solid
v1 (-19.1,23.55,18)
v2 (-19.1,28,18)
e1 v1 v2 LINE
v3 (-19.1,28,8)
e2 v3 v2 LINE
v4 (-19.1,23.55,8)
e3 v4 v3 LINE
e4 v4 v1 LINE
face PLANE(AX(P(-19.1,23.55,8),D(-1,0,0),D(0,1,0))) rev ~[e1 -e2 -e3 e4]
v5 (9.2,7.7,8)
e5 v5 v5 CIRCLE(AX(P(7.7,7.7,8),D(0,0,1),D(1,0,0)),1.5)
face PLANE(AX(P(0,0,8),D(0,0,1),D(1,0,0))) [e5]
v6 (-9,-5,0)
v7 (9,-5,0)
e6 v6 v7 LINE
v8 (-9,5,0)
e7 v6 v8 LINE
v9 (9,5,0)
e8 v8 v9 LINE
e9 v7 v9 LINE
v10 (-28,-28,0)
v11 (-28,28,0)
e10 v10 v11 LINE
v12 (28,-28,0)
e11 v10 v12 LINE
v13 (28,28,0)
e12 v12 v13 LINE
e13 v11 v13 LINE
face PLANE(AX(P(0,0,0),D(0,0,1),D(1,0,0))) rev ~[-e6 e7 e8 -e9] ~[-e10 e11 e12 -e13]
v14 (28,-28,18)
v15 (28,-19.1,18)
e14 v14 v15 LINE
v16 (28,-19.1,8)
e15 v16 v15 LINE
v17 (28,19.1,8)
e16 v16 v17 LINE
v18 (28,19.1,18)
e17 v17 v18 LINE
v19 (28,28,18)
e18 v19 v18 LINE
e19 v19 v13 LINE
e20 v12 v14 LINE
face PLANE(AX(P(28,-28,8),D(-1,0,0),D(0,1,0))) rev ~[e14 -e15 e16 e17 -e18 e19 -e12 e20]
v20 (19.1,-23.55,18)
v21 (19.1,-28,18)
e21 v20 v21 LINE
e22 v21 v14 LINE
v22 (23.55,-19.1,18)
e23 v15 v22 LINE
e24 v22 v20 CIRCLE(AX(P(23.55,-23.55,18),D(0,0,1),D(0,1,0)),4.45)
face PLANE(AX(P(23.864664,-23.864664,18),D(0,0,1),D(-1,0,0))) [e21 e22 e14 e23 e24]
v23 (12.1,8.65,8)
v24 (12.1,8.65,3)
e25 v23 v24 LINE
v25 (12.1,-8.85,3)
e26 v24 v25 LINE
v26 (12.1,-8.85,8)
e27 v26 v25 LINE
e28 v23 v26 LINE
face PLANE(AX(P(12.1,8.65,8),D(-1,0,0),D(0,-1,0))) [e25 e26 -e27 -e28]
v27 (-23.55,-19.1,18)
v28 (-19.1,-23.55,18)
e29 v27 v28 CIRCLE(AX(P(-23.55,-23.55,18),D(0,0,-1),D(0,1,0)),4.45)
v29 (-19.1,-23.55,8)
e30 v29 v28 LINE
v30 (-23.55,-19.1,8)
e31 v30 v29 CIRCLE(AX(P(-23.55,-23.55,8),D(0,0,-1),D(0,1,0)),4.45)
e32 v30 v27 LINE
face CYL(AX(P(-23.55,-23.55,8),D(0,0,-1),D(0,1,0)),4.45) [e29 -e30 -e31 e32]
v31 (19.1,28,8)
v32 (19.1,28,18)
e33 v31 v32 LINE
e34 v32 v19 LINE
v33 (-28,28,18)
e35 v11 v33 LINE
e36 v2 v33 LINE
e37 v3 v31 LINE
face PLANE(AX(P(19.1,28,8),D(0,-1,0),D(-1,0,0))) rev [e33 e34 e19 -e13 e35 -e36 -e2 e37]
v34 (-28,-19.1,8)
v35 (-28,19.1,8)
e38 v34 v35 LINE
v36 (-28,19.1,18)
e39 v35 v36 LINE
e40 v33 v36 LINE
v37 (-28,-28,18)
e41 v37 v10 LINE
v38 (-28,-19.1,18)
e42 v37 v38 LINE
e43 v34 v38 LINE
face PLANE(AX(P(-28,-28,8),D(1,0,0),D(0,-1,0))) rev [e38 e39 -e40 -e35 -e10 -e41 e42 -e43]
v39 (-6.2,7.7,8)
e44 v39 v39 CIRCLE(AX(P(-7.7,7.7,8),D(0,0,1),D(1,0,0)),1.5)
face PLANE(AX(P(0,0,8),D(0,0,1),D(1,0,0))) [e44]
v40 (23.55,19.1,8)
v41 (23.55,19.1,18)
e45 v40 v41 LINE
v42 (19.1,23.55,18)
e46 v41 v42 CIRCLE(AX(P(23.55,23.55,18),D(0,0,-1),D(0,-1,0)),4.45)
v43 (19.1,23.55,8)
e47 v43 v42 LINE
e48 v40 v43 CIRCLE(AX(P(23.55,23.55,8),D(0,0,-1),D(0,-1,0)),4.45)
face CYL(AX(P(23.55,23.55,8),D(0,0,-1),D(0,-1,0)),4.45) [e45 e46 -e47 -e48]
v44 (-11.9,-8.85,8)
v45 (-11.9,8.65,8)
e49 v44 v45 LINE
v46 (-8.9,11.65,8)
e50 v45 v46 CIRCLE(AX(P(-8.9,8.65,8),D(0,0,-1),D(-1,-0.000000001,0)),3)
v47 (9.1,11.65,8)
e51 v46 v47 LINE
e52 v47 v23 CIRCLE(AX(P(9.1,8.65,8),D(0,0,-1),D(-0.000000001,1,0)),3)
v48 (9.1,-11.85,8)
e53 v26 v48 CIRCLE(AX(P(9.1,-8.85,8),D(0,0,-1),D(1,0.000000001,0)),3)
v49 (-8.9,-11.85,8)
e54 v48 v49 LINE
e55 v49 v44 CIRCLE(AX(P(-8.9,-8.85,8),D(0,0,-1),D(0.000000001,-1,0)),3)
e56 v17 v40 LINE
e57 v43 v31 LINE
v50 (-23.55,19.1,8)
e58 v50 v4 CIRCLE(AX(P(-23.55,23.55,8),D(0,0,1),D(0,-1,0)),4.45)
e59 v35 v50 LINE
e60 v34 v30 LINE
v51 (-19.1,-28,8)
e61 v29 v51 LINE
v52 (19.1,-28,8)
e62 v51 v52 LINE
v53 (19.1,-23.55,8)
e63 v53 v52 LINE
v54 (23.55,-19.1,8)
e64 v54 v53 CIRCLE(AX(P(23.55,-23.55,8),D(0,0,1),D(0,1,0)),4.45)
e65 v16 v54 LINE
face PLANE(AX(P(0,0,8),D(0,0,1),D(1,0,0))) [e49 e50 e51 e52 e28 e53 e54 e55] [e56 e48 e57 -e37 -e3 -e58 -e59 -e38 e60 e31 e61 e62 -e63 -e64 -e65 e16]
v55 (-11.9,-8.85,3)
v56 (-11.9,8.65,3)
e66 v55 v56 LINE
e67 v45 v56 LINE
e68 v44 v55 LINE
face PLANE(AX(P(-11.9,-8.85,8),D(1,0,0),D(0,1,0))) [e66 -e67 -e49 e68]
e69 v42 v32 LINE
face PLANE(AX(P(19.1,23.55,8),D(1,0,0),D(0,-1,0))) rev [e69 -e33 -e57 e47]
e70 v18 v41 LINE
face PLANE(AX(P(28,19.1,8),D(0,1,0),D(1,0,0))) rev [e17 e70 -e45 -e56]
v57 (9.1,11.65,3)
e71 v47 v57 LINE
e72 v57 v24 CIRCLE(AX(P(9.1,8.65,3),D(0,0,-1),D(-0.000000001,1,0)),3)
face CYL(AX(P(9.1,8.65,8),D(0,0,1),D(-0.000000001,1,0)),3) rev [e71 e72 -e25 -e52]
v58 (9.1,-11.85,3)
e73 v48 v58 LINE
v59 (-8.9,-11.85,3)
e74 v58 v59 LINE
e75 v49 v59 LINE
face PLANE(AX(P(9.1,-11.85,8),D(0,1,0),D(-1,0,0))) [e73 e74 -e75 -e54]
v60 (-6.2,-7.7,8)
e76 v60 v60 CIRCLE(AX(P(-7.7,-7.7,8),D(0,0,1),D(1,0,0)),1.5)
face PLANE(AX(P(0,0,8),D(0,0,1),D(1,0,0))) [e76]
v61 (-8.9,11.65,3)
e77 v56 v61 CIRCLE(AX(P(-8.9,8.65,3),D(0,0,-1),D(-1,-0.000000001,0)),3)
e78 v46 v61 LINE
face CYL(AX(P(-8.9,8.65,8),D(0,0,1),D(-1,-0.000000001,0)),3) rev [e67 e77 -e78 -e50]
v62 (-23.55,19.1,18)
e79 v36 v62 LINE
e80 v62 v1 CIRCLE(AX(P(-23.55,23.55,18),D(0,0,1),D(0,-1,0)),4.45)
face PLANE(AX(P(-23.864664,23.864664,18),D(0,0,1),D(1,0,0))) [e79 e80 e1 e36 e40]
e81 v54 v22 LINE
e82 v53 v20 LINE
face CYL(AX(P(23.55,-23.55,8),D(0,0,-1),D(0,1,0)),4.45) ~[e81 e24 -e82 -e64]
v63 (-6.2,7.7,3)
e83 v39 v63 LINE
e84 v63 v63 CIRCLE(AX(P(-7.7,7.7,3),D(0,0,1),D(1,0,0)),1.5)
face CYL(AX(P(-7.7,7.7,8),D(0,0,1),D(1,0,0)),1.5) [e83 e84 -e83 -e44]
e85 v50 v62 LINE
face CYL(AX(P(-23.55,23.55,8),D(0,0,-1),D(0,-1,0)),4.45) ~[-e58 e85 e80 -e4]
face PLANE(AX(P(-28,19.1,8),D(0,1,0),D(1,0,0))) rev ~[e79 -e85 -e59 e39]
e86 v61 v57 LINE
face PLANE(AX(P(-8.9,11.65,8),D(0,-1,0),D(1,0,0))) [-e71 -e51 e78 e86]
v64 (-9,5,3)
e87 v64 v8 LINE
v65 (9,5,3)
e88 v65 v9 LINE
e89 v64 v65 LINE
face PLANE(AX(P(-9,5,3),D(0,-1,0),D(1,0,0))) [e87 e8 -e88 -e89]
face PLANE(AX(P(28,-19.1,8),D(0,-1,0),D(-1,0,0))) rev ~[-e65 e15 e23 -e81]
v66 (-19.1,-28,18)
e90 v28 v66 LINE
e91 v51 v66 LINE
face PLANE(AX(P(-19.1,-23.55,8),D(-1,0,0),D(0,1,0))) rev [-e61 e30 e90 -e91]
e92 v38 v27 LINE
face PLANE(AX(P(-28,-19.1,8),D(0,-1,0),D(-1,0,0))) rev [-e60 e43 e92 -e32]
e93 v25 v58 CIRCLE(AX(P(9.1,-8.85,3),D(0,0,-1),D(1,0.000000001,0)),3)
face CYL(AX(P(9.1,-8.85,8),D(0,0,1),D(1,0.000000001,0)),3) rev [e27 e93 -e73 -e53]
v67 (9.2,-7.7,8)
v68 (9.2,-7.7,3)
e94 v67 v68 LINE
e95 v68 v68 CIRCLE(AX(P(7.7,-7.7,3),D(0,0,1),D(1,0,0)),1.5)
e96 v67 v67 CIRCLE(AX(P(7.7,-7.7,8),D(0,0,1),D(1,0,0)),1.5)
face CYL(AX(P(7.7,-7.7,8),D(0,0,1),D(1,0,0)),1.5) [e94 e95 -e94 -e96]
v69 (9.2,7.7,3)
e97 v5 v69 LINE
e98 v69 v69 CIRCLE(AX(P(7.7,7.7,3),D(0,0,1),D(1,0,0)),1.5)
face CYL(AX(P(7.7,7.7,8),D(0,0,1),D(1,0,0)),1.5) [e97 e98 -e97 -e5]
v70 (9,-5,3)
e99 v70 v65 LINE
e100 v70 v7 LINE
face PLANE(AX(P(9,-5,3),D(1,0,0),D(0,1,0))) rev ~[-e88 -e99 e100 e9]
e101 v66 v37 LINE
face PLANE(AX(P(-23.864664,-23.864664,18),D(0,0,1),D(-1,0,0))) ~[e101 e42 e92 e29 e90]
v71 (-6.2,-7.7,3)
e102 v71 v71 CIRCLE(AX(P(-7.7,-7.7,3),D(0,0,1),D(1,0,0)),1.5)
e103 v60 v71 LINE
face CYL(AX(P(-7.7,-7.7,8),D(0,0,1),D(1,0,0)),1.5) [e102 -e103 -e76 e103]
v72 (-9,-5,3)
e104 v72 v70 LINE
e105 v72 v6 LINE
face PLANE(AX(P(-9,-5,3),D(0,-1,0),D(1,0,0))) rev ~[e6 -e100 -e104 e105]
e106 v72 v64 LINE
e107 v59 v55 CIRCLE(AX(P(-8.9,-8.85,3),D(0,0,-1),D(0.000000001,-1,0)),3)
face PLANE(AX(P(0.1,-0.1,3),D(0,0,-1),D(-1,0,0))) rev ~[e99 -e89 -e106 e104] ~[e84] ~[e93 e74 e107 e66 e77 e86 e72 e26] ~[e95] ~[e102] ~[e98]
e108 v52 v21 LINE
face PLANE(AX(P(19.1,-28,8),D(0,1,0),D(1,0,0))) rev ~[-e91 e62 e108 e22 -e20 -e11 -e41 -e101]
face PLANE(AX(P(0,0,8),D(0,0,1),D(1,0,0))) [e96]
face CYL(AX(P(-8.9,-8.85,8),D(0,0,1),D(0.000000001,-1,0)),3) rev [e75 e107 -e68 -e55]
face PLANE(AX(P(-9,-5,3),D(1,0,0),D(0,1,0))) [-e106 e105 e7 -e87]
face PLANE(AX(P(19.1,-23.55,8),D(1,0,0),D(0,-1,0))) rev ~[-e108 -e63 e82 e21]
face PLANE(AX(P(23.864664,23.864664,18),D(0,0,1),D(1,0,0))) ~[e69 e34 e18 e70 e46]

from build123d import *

# Parameters (mm, degrees)
ESBO_O1_W                = 56
ESBO_O1_H                = 56
RESSALTO_EXTRUS_O1_DEPTH = 8
RESSALTO_EXTRUS_O2_DEPTH = 10
ESPELHAR2_COPY_1_DEPTH   = 10
ESBO_O3_R                = 1.5
CORTE_EXTRUS_O1_DEPTH    = 5
ESBO_O4_W                = 18
ESBO_O4_H                = 10
CORTE_EXTRUS_O2_DEPTH    = 12


with BuildPart() as part:
    # Esboço1 → Ressalto-extrusão1 (new body)
    with BuildSketch(Plane.XY):
        Rectangle(ESBO_O1_W, ESBO_O1_H)
    extrude(amount=RESSALTO_EXTRUS_O1_DEPTH)

    # Esboço2 → Ressalto-extrusão2 (add)
    with BuildSketch(Plane.XY.offset(8)):
        with BuildLine():
            Line((-19.1, 23.55), (-19.1, 28))
            Line((-19.1, 28), (-28, 28))
            Line((-28, 28), (-28, 19.1))
            Line((-28, 19.1), (-23.55, 19.1))
            ThreePointArc((-23.55, 19.1), (-20.403374824, 20.403374824), (-19.1, 23.55))
        make_face()
    ressalto_extrus_o2 = extrude(amount=RESSALTO_EXTRUS_O2_DEPTH)

    # Espelhar1: Ressalto-extrusão2 across plane
    add(ressalto_extrus_o2.mirror(Plane(origin=(0, 0, 0), x_dir=(0, 0, 1), z_dir=(1, 0, 0))))

    # Espelhar2: Ressalto-extrusão2 across plane
    add(ressalto_extrus_o2.mirror(Plane.ZX))

    # Espelhar2 copy 1 sketch → Espelhar2 copy 1 (add)
    with BuildSketch(Plane(origin=(0, 0, 8), x_dir=(-1, 0, 0), z_dir=(0, 0, 1))):
        with BuildLine():
            Line((-19.1, 23.55), (-19.1, 28))
            Line((-19.1, 28), (-28, 28))
            Line((-28, 28), (-28, 19.1))
            Line((-28, 19.1), (-23.55, 19.1))
            ThreePointArc((-23.55, 19.1), (-20.403374824, 20.403374824), (-19.1, 23.55))
        make_face()
    extrude(amount=ESPELHAR2_COPY_1_DEPTH)

    # Esboço3 → Corte-extrusão1 (cut)
    with BuildSketch(Plane.XY.offset(8)):
        with BuildLine():
            Line((9.1, -11.85), (-8.9, -11.85))
            ThreePointArc((-8.9, -11.85), (-11.021320344, -10.971320344), (-11.9, -8.85))
            Line((-11.9, -8.85), (-11.9, 8.65))
            ThreePointArc((-11.9, 8.65), (-11.021320344, 10.771320344), (-8.9, 11.65))
            Line((-8.9, 11.65), (9.1, 11.65))
            ThreePointArc((9.1, 11.65), (11.221320344, 10.771320344), (12.1, 8.65))
            Line((12.1, 8.65), (12.1, -8.85))
            ThreePointArc((12.1, -8.85), (11.221320344, -10.971320344), (9.1, -11.85))
        make_face()
        with Locations((-7.7, 7.7)):
            Circle(ESBO_O3_R, mode=Mode.SUBTRACT)
        with Locations((7.7, 7.7)):
            Circle(ESBO_O3_R, mode=Mode.SUBTRACT)
        with Locations((7.7, -7.7)):
            Circle(ESBO_O3_R, mode=Mode.SUBTRACT)
        with Locations((-7.7, -7.7)):
            Circle(ESBO_O3_R, mode=Mode.SUBTRACT)
    extrude(amount=-CORTE_EXTRUS_O1_DEPTH, mode=Mode.SUBTRACT)

    # Esboço4 → Corte-extrusão2 (cut)
    with BuildSketch(Plane.XY.offset(3)):
        Rectangle(ESBO_O4_W, ESBO_O4_H)
    extrude(amount=-CORTE_EXTRUS_O2_DEPTH, mode=Mode.SUBTRACT)


solid = part.part
